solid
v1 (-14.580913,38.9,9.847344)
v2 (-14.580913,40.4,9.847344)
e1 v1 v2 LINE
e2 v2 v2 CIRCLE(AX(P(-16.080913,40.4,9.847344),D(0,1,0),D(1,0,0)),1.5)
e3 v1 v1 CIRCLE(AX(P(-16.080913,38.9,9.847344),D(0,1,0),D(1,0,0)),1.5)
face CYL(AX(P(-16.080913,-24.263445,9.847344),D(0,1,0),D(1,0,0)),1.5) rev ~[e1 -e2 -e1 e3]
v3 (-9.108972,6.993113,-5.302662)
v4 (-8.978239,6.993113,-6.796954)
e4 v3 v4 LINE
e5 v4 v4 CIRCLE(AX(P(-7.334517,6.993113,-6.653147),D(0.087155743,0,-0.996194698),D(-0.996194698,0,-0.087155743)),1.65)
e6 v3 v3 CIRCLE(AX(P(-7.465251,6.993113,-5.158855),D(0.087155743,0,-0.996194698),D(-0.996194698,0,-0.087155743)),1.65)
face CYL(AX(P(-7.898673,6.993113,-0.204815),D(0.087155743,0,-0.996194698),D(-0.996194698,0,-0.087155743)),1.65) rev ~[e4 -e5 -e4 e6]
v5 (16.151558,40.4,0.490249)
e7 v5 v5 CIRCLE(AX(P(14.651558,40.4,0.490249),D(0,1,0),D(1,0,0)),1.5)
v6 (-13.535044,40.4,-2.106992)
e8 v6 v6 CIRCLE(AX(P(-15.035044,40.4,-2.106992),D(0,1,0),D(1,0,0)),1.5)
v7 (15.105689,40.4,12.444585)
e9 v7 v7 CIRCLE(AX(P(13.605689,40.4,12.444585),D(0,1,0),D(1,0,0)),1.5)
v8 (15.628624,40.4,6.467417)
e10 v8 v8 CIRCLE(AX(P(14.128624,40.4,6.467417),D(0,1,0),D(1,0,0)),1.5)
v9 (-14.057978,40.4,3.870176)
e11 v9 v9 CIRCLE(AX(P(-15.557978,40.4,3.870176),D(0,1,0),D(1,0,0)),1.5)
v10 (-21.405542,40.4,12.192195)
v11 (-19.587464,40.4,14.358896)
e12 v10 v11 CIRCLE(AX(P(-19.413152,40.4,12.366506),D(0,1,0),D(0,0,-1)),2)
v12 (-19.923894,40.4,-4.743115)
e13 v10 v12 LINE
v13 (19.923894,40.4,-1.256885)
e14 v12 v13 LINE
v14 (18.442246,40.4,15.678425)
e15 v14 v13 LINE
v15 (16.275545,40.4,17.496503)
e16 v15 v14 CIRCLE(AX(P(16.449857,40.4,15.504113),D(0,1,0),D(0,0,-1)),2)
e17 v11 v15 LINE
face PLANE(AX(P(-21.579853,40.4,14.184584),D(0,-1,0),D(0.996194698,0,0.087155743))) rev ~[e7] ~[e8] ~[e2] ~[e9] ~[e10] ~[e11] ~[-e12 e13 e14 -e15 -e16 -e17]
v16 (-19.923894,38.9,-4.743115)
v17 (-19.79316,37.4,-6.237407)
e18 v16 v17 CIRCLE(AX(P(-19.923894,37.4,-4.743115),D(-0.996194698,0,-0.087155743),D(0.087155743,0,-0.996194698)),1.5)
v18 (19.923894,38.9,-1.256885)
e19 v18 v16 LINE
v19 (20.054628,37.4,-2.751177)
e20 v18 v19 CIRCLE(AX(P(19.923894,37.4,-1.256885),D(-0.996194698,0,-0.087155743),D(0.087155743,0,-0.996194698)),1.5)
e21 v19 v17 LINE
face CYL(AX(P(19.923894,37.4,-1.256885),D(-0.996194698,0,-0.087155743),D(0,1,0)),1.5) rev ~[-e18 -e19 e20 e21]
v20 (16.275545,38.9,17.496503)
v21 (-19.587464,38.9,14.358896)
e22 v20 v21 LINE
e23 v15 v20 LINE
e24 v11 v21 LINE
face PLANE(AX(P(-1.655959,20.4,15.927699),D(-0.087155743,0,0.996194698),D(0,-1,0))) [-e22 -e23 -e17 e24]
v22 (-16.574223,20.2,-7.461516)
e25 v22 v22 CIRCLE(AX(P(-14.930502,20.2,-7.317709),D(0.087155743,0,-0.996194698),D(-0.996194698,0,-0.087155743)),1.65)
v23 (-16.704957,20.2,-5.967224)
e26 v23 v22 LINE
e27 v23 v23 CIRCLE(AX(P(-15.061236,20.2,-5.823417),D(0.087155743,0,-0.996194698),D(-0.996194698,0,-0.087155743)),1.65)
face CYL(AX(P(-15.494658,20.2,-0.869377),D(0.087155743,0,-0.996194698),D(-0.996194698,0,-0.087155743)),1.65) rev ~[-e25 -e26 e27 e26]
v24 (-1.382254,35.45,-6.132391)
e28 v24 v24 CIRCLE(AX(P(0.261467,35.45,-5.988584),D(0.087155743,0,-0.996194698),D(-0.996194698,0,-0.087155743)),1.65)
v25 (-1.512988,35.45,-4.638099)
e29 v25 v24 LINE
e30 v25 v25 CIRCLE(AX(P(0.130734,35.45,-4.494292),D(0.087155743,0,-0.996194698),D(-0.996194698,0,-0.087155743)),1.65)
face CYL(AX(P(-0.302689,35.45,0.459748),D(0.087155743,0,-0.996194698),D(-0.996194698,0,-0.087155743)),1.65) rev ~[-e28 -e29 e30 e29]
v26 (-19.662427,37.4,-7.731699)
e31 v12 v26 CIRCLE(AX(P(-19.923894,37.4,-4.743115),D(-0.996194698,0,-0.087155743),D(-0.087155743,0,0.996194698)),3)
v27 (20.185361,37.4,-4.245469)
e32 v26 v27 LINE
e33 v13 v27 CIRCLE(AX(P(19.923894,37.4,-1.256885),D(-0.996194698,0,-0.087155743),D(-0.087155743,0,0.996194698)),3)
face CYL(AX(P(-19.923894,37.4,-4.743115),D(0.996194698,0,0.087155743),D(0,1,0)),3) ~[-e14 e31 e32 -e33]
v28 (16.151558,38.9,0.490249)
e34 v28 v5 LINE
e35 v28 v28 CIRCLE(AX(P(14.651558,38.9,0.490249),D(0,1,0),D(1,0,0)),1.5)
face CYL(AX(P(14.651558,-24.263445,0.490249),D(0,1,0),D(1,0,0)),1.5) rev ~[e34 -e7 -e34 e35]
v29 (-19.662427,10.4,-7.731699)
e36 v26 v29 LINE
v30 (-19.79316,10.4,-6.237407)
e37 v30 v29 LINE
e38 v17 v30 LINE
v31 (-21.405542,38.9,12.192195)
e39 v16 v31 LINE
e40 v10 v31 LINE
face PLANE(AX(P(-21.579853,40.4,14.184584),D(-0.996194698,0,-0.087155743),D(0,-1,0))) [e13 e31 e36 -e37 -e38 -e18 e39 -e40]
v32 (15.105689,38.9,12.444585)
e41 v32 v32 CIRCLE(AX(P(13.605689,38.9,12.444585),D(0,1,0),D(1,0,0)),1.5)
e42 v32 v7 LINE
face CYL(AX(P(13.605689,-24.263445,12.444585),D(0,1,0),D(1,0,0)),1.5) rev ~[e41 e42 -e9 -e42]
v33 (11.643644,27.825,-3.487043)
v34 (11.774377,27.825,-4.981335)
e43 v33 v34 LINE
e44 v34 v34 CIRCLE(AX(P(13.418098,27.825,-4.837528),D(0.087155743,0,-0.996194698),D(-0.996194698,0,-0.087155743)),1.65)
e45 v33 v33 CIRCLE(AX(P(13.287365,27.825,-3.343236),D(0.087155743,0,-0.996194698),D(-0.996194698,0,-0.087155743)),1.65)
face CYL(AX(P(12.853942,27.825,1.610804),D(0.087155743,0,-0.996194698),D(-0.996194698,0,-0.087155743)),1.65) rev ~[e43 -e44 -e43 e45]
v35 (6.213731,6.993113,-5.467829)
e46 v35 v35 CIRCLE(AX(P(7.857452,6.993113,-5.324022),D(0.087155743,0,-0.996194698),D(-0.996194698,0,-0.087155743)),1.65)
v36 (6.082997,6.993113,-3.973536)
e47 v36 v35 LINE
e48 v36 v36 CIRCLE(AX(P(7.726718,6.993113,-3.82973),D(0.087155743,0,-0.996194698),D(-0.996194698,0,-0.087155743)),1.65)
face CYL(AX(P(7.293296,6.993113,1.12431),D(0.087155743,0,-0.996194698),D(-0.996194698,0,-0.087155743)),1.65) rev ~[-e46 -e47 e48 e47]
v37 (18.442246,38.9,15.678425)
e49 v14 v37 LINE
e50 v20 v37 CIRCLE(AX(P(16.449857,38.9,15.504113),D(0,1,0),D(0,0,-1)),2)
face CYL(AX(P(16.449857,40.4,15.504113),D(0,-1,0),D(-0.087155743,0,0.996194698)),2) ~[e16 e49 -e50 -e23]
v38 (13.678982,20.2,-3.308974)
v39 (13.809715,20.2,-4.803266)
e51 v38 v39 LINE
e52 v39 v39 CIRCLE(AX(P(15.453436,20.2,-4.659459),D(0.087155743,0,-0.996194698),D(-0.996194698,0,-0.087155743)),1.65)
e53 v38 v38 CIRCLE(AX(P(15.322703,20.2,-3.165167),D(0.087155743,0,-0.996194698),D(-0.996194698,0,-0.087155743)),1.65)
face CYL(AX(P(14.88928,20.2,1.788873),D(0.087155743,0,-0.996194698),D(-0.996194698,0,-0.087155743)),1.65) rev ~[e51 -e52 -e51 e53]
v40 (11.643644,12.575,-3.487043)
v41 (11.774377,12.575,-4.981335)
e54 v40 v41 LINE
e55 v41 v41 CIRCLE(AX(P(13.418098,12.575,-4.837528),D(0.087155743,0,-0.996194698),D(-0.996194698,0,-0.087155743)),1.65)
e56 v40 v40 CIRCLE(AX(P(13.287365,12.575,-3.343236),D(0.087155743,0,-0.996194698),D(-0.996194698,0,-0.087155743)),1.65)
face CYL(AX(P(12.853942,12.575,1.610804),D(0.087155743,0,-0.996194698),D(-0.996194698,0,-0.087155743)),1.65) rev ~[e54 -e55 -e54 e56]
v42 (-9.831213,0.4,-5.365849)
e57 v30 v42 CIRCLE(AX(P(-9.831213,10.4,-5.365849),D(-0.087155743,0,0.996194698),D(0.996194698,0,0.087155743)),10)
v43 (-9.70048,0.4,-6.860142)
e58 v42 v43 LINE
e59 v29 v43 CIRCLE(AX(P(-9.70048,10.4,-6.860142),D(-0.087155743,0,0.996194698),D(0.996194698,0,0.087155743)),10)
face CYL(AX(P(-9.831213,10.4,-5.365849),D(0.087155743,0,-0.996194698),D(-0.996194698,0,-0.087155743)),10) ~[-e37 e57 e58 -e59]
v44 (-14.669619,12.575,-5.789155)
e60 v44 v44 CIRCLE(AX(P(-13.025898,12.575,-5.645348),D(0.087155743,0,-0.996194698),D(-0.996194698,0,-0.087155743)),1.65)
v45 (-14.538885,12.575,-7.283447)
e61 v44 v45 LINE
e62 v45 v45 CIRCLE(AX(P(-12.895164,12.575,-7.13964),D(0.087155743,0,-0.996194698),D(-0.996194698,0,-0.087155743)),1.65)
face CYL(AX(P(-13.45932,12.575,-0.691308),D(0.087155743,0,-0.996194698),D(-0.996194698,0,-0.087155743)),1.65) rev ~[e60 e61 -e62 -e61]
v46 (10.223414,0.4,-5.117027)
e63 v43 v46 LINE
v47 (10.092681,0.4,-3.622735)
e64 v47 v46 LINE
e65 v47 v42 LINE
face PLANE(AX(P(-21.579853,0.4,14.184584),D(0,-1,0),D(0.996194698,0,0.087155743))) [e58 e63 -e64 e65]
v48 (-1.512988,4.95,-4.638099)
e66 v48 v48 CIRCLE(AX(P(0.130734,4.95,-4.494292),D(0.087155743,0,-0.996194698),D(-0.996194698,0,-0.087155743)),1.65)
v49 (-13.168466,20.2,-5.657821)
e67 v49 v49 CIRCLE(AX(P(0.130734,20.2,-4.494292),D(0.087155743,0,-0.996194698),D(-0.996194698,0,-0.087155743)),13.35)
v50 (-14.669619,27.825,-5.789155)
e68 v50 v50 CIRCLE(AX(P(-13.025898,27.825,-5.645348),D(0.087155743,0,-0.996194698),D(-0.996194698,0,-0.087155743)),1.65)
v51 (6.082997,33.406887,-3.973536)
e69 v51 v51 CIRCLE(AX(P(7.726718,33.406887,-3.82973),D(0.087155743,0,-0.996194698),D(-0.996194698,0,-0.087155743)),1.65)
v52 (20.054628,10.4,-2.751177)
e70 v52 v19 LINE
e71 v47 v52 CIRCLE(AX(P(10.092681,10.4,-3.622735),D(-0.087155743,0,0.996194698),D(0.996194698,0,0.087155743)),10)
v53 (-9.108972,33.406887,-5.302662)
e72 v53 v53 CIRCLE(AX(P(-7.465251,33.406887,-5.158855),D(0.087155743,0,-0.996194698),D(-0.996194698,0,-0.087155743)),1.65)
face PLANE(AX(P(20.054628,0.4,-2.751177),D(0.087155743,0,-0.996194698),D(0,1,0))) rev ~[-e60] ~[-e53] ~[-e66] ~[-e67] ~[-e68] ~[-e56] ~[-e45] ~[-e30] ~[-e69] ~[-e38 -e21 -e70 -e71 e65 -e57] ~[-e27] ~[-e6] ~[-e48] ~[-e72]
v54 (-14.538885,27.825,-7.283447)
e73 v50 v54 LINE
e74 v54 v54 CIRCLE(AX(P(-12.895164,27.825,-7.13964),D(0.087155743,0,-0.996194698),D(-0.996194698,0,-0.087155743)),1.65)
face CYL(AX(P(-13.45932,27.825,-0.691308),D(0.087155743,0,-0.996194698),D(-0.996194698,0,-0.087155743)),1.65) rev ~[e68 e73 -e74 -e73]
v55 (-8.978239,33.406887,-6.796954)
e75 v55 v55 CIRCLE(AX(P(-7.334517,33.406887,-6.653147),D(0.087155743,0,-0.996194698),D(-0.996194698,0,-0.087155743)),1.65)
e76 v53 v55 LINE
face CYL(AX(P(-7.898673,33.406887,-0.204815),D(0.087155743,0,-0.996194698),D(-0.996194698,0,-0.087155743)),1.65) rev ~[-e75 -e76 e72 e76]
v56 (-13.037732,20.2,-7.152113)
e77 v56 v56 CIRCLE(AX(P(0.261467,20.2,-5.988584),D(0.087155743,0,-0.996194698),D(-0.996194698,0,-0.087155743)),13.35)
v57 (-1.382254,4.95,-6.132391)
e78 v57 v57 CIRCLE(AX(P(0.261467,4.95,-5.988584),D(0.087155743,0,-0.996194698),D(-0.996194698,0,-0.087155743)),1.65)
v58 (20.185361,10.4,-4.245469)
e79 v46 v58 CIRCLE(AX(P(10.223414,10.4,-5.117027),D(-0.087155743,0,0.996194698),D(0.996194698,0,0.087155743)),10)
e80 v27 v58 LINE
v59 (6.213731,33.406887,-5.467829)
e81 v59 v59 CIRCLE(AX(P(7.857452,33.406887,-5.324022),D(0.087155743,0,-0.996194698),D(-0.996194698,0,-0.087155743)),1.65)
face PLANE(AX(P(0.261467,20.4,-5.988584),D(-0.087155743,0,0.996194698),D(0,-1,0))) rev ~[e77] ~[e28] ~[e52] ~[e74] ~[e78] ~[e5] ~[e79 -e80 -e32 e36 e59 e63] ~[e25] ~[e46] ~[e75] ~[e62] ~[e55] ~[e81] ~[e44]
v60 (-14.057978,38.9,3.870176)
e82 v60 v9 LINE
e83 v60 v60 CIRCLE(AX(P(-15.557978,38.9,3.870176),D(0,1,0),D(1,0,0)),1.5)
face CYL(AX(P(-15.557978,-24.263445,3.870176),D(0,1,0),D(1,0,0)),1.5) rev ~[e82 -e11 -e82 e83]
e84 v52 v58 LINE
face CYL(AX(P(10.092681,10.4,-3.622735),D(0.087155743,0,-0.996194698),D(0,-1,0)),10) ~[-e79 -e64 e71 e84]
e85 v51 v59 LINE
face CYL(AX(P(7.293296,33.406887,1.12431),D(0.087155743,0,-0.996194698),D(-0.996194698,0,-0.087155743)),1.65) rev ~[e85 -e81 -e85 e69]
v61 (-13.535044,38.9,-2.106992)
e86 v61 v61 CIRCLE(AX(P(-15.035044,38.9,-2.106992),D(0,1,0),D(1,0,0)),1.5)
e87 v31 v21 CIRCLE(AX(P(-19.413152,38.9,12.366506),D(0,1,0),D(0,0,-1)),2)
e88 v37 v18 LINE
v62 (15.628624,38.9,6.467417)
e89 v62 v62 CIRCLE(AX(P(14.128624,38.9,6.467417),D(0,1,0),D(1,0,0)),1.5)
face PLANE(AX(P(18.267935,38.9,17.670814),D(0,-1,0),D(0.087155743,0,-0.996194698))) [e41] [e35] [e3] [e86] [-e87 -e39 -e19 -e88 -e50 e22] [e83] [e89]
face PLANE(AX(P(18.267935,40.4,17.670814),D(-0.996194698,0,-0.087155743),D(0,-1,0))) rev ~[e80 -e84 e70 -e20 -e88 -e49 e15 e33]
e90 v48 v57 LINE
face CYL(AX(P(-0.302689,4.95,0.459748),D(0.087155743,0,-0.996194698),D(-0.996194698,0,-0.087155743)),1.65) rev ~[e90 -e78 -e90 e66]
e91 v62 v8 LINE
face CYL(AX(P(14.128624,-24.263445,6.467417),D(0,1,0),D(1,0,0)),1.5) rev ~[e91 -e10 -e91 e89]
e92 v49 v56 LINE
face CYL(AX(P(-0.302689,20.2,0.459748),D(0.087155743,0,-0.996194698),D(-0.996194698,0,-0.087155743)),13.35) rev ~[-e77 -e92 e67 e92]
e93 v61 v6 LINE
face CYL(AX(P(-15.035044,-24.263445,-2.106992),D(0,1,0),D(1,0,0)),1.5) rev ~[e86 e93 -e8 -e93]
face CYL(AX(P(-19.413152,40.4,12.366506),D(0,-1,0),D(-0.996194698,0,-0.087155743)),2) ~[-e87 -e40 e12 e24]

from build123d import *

# Parameters (mm, degrees)
SKETCH1_W                      = 40
SKETCH1_H                      = 40
BOSS_EXTRUDE1_DEPTH            = 22
SKETCH2_W                      = 20.5
SKETCH2_H                      = 38.5
CUT_EXTRUDE1_DEPTH             = 60.896458739
M24_CLEARANCE_HOLE1_D          = 26.7
M24_CLEARANCE_HOLE1_DEPTH      = 4.972963553
F_3_3_3_3_DIAMETER_HOLE1_D     = 3.3
F_3_3_3_3_DIAMETER_HOLE1_DEPTH = 4.972963553
F_3_0_3_DIAMETER_HOLE1_D       = 3
FILLET1_R                      = 1.5
FILLET2_R                      = 2
FILLET3_R                      = 3
FILLET4_R                      = 10


with BuildPart() as part:
    # Sketch1 → Boss-Extrude1 (new body)
    with BuildSketch(Plane(origin=(-1.395486846, 0, 15.950487634), x_dir=(0, -1, 0), z_dir=(-0.08715574274765787, 0, 0.9961946980917457))):
        with Locations((-20.4, -0.261467228)):
            Rectangle(SKETCH1_W, SKETCH1_H)
    extrude(amount=-BOSS_EXTRUDE1_DEPTH)

    # Sketch2 → Cut-Extrude1 (cut, through all)
    with BuildSketch(Plane(origin=(19.663421695, 0, 1.720326484), x_dir=(0.08715574274765787, 0, -0.9961946980917455), z_dir=(0.9961946980917455, 3.832107347333544e-15, 0.08715574274765787))):
        with Locations((-5.761415906, 19.65)):
            Rectangle(SKETCH2_W, SKETCH2_H)
    extrude(amount=-CUT_EXTRUDE1_DEPTH, mode=Mode.SUBTRACT)

    # M24 Clearance Hole1
    with Locations(Plane(origin=(0.391205881, 0, -4.471503677), x_dir=(0.9961946980917455, 0, 0.08715574274765787), z_dir=(-0.08715574274765787, 0, 0.9961946980917455))):
        with Locations((-0.261467228, 20.2)):
            Hole(M24_CLEARANCE_HOLE1_D / 2, depth=M24_CLEARANCE_HOLE1_DEPTH)

    # Ø3.3 (3.3) Diameter Hole1
    with Locations(Plane(origin=(0.391205881, 0, -4.471503677), x_dir=(0.9961946980917455, 0, 0.08715574274765787), z_dir=(-0.08715574274765787, 0, 0.9961946980917455))):
        with Locations((-0.261467228, 4.95), (-7.886467228, 6.993112592), (-13.468354636, 12.575), (-15.511467228, 20.2), (-13.468354636, 27.825), (-7.886467228, 33.406887408), (-0.261467228, 35.45), (7.363532772, 33.406887408), (12.945420179, 27.825), (14.988532772, 20.2), (12.945420179, 12.575), (7.363532772, 6.993112592)):
            Hole(F_3_3_3_3_DIAMETER_HOLE1_D / 2, depth=F_3_3_3_3_DIAMETER_HOLE1_DEPTH)

    # Ø3.0 (3) Diameter Hole1 (through all)
    with Locations(Plane(origin=(0, 38.9, 0), x_dir=(-1, 0, 0), z_dir=(0, -1, 0))):
        with Locations((-14.651558368, -0.490248903), (-14.128623911, -6.467417091), (-13.605689455, -12.44458528), (15.035043636, 2.106992231), (15.557978092, -3.870175957), (16.080912549, -9.847344146)):
            Hole(F_3_0_3_DIAMETER_HOLE1_D / 2)

    # Fillet1
    fillet1_edges = [part.edges().sort_by_distance(p)[0] for p in [
        (0.130733614, 38.9, -4.494292047),
    ]]
    fillet(fillet1_edges, radius=FILLET1_R)

    # Fillet2
    fillet2_edges = [part.edges().sort_by_distance(p)[0] for p in [
        (18.26793485, 39.65, 17.670814119),
        (-21.579853074, 39.65, 14.184584409),
    ]]
    fillet(fillet2_edges, radius=FILLET2_R)

    # Fillet3
    fillet3_edges = [part.edges().sort_by_distance(p)[0] for p in [
        (0.261467228, 40.4, -5.988584094),
    ]]
    fillet(fillet3_edges, radius=FILLET3_R)

    # Fillet4
    fillet4_edges = [part.edges().sort_by_distance(p)[0] for p in [
        (20.119994383, 0.4, -3.498323216),
        (-19.727793541, 0.4, -6.984552926),
    ]]
    fillet(fillet4_edges, radius=FILLET4_R)


solid = part.part
